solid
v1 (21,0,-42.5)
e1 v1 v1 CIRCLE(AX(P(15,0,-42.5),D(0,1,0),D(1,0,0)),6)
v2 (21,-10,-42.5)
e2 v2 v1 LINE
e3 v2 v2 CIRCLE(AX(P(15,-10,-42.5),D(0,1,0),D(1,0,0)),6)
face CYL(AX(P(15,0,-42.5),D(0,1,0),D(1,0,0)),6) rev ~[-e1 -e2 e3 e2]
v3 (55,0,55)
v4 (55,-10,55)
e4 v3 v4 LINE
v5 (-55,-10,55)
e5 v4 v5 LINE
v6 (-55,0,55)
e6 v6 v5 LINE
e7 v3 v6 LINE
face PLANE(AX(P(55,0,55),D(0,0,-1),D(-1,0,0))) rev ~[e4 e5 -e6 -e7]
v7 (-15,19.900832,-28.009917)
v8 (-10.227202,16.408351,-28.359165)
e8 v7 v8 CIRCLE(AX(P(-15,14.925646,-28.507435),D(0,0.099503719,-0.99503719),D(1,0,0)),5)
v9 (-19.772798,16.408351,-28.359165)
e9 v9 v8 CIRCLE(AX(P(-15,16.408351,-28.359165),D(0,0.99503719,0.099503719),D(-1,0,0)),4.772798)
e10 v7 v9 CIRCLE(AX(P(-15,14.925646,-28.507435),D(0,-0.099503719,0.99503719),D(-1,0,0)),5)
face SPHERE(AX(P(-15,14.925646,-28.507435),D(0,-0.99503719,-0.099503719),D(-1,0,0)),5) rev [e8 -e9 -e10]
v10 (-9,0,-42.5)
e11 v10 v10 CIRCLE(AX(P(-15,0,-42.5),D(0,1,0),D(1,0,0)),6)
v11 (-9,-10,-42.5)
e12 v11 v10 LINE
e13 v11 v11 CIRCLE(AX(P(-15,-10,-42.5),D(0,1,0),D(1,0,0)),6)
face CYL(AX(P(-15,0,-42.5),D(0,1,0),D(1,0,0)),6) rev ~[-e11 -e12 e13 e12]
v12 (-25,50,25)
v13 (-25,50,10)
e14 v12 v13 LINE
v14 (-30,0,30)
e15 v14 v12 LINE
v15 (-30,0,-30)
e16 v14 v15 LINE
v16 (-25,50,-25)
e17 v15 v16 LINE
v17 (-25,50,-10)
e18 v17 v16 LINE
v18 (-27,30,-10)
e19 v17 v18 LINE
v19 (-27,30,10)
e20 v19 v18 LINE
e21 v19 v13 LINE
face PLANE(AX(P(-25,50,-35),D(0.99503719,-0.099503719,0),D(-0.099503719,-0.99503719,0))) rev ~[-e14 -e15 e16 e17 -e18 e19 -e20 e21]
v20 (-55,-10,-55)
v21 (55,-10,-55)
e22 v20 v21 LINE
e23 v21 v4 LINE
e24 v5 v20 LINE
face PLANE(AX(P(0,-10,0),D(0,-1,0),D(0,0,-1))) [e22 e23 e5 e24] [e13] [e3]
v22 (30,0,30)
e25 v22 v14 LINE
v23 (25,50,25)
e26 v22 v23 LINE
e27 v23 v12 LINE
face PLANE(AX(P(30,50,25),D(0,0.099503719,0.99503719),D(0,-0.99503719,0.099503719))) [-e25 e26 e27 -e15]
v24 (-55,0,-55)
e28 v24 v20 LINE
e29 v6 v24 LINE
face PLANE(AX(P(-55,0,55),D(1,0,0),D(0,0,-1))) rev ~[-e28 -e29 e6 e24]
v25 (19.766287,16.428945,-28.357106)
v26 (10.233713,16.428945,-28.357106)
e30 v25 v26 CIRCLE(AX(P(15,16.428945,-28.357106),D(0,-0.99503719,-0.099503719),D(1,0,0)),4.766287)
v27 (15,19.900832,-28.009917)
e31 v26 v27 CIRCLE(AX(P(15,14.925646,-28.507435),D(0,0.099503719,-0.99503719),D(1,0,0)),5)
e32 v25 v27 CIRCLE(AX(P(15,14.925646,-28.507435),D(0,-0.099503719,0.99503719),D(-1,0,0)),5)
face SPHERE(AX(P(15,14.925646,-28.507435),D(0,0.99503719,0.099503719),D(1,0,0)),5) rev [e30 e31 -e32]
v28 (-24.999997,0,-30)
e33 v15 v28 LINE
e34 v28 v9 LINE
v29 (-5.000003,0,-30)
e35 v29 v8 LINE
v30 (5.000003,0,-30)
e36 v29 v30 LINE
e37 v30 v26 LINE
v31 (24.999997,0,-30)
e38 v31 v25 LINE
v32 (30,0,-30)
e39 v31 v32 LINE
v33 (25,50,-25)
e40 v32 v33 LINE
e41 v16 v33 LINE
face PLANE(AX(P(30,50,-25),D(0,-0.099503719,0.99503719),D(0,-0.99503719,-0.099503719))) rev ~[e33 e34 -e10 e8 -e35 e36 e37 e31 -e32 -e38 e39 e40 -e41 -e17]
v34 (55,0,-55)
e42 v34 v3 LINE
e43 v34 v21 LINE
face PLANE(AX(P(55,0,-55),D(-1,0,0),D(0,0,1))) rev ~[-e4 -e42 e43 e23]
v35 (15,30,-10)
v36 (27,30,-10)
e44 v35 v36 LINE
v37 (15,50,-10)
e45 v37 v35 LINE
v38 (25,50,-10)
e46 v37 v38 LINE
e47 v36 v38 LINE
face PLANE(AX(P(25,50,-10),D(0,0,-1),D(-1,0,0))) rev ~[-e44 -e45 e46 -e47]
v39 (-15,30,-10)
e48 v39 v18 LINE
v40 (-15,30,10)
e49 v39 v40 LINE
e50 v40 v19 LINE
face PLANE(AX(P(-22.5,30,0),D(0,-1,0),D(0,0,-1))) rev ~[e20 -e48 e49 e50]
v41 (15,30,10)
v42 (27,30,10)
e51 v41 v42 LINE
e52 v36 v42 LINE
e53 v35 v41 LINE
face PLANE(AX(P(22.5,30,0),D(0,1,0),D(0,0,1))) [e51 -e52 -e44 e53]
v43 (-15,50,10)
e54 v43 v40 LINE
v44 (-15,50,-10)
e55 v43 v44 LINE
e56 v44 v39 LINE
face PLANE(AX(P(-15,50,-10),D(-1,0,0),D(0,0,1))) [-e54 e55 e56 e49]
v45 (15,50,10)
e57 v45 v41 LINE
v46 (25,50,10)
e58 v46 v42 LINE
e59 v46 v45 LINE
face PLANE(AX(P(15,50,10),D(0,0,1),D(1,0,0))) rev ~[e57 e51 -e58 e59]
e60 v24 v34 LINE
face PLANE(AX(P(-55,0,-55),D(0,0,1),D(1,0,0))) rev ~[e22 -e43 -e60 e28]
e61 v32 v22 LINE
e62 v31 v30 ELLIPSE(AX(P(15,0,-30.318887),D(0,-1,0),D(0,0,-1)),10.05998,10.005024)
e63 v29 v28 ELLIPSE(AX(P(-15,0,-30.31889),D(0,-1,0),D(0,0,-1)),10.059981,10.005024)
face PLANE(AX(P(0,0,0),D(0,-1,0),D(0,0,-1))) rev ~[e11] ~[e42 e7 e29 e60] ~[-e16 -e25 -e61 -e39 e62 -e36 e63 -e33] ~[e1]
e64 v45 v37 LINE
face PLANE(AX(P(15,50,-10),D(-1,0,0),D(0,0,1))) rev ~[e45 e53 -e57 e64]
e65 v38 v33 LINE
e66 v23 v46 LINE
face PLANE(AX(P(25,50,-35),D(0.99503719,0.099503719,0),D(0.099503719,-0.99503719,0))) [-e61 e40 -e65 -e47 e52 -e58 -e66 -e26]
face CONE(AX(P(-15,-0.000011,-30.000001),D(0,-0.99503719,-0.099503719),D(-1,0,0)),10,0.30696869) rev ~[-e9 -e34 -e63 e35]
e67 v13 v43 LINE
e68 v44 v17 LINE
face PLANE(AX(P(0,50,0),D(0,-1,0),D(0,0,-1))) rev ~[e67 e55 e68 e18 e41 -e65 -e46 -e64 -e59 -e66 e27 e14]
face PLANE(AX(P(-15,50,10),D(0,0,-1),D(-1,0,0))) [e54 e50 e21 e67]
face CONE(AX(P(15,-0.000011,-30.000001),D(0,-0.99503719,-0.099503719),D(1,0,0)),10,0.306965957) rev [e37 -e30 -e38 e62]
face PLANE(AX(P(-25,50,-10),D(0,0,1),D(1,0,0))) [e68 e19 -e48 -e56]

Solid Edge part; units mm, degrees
sketch "Sketch1" plane through (0, 0, 0) normal (0, -1, 0) x (1, 0, 0)
  line L0 (30, 30) -> (-30, 30)
  line L1 (-30, 30) -> (-30, -30)
  line L2 (-30, -30) -> (30, -30)
  line L3 (30, -30) -> (30, 30)
extrude "Protrusion1" add sketch "Sketch1" against normal blind 50
sketch "Sketch2" plane through (30, 25, 0) normal (1, 0, 0) x (0, 0, -1)
  line L0 (30, 25) -> (25, 25)
  line L1 (25, 25) -> (30, -25)
  line L2 (30, -25) -> (30, 25)
extrude "ExtrudedCutout_1" cut sketch "Sketch2" against normal blind 60 and the other way blind 1
sketch "Sketch3" plane through (30, 25, 0) normal (1, 0, 0) x (0, 0, -1)
  line L0 (-30, 25) -> (-30, -25)
  line L1 (-25, 25) -> (-30, -25)
  line L2 (-30, 25) -> (-25, 25)
extrude "ExtrudedCutout_2" cut sketch "Sketch3" against normal blind 60 and the other way blind 1
extrude "Protrusion2" [suppressed]
sketch "Sketch4" plane through (0, 25, -35) normal (0, 0, -1) x (-1, 0, 0)
  line L0 (30, 25) -> (25, 25)
  line L1 (25, 25) -> (30, -25)
  line L2 (30, -25) -> (30, 25)
extrude "ExtrudedCutout_3" cut sketch "Sketch4" against normal blind 65 and the other way blind 1
sketch "Sketch5" plane through (0, 25, -35) normal (0, 0, -1) x (-1, 0, 0)
  line L0 (-30, -25) -> (-30, 25)
  line L1 (-30, 25) -> (-25, 25)
  line L2 (-25, 25) -> (-30, -25)
extrude "ExtrudedCutout_4" cut sketch "Sketch5" against normal blind 65 and the other way blind 1
sketch "Sketch6" plane through (0, 50, 0) normal (0, 1, 0) x (1, 0, 0)
  line L0 (15, -10) -> (25, -10)
  line L1 (15, 10) -> (15, -10)
  line L2 (25, 10) -> (15, 10)
  line L3 (25, 10) -> (30, 10)
  line L4 (30, 10) -> (30, -10)
  line L5 (30, -10) -> (25, -10)
extrude "ExtrudedCutout_5" cut sketch "Sketch6" against normal blind 20 and the other way blind 1
sketch "Sketch7" plane through (0, 50, 0) normal (0, 1, 0) x (0, 0, -1)
  line L0 (10, 25) -> (10, 15)
  line L1 (10, 15) -> (-10, 15)
  line L2 (-10, 15) -> (-10, 30)
  line L3 (-10, 30) -> (10, 30)
  line L4 (10, 30) -> (10, 25)
extrude "ExtrudedCutout_6" cut sketch "Sketch7" against normal blind 20 and the other way blind 1
sketch "Sketch8" plane through (0, 25, -27.5) normal (0, 0.0995, -0.995) x (-1, 0, 0)
  line L0 (-15, -25.1247) -> (-15, -10.1247)
  line L1 (-15, -10.1247) -> (-15, -5.1247)
  line L2 (-25, -25.1247) -> (-19.7663, -8.6138)
  line L3 (-25, -25.1247) -> (-15, -25.1247)
  arc A0 (-19.7663, -8.6139) -> (-15, -5.1246) centre (-15, -10.1246) cw
revolve "RevolvedCutout_1" cut sketch "Sketch8" angle 180 about axis through (15, 0, -30) along (0, -0.995, -0.0995)
sketch "Sketch9" plane through (0, 25, -27.5) normal (0, 0.0995, -0.995) x (-1, 0, 0)
  line L0 (25, -25.1247) -> (19.7728, -8.6345)
  line L1 (25, -25.1247) -> (15, -25.1247)
  line L2 (15, -25.1247) -> (15, -10.1247)
  line L3 (15, -10.1247) -> (15, -5.1247)
  arc A0 (15, -5.1246) -> (19.7728, -8.6346) centre (15, -10.1246) cw
revolve "RevolvedCutout_2" cut sketch "Sketch9" angle 180 about axis through (-15, 0, -30) along (0, 0.995, 0.0995)
sketch "Sketch10" plane through (0, 0, 0) normal (0, -1, 0) x (0, 0, 1)
  line L0 (55, 55) -> (-55, 55)
  line L1 (-55, 55) -> (-55, -55)
  line L2 (-55, -55) -> (55, -55)
  line L3 (55, -55) -> (55, 55)
extrude "ExtrudedProtrusion_4" add sketch "Sketch10" along normal blind 10
sketch "Sketch11" plane through (0, 0, 0) normal (0, 1, 0) x (1, 0, 0)
  circle A0 centre (15, 42.5) radius 6
  circle A1 centre (-15, 42.5) radius 6
extrude "ExtrudedCutout_8" cut sketch "Sketch11" against normal blind 10 and the other way blind 1
